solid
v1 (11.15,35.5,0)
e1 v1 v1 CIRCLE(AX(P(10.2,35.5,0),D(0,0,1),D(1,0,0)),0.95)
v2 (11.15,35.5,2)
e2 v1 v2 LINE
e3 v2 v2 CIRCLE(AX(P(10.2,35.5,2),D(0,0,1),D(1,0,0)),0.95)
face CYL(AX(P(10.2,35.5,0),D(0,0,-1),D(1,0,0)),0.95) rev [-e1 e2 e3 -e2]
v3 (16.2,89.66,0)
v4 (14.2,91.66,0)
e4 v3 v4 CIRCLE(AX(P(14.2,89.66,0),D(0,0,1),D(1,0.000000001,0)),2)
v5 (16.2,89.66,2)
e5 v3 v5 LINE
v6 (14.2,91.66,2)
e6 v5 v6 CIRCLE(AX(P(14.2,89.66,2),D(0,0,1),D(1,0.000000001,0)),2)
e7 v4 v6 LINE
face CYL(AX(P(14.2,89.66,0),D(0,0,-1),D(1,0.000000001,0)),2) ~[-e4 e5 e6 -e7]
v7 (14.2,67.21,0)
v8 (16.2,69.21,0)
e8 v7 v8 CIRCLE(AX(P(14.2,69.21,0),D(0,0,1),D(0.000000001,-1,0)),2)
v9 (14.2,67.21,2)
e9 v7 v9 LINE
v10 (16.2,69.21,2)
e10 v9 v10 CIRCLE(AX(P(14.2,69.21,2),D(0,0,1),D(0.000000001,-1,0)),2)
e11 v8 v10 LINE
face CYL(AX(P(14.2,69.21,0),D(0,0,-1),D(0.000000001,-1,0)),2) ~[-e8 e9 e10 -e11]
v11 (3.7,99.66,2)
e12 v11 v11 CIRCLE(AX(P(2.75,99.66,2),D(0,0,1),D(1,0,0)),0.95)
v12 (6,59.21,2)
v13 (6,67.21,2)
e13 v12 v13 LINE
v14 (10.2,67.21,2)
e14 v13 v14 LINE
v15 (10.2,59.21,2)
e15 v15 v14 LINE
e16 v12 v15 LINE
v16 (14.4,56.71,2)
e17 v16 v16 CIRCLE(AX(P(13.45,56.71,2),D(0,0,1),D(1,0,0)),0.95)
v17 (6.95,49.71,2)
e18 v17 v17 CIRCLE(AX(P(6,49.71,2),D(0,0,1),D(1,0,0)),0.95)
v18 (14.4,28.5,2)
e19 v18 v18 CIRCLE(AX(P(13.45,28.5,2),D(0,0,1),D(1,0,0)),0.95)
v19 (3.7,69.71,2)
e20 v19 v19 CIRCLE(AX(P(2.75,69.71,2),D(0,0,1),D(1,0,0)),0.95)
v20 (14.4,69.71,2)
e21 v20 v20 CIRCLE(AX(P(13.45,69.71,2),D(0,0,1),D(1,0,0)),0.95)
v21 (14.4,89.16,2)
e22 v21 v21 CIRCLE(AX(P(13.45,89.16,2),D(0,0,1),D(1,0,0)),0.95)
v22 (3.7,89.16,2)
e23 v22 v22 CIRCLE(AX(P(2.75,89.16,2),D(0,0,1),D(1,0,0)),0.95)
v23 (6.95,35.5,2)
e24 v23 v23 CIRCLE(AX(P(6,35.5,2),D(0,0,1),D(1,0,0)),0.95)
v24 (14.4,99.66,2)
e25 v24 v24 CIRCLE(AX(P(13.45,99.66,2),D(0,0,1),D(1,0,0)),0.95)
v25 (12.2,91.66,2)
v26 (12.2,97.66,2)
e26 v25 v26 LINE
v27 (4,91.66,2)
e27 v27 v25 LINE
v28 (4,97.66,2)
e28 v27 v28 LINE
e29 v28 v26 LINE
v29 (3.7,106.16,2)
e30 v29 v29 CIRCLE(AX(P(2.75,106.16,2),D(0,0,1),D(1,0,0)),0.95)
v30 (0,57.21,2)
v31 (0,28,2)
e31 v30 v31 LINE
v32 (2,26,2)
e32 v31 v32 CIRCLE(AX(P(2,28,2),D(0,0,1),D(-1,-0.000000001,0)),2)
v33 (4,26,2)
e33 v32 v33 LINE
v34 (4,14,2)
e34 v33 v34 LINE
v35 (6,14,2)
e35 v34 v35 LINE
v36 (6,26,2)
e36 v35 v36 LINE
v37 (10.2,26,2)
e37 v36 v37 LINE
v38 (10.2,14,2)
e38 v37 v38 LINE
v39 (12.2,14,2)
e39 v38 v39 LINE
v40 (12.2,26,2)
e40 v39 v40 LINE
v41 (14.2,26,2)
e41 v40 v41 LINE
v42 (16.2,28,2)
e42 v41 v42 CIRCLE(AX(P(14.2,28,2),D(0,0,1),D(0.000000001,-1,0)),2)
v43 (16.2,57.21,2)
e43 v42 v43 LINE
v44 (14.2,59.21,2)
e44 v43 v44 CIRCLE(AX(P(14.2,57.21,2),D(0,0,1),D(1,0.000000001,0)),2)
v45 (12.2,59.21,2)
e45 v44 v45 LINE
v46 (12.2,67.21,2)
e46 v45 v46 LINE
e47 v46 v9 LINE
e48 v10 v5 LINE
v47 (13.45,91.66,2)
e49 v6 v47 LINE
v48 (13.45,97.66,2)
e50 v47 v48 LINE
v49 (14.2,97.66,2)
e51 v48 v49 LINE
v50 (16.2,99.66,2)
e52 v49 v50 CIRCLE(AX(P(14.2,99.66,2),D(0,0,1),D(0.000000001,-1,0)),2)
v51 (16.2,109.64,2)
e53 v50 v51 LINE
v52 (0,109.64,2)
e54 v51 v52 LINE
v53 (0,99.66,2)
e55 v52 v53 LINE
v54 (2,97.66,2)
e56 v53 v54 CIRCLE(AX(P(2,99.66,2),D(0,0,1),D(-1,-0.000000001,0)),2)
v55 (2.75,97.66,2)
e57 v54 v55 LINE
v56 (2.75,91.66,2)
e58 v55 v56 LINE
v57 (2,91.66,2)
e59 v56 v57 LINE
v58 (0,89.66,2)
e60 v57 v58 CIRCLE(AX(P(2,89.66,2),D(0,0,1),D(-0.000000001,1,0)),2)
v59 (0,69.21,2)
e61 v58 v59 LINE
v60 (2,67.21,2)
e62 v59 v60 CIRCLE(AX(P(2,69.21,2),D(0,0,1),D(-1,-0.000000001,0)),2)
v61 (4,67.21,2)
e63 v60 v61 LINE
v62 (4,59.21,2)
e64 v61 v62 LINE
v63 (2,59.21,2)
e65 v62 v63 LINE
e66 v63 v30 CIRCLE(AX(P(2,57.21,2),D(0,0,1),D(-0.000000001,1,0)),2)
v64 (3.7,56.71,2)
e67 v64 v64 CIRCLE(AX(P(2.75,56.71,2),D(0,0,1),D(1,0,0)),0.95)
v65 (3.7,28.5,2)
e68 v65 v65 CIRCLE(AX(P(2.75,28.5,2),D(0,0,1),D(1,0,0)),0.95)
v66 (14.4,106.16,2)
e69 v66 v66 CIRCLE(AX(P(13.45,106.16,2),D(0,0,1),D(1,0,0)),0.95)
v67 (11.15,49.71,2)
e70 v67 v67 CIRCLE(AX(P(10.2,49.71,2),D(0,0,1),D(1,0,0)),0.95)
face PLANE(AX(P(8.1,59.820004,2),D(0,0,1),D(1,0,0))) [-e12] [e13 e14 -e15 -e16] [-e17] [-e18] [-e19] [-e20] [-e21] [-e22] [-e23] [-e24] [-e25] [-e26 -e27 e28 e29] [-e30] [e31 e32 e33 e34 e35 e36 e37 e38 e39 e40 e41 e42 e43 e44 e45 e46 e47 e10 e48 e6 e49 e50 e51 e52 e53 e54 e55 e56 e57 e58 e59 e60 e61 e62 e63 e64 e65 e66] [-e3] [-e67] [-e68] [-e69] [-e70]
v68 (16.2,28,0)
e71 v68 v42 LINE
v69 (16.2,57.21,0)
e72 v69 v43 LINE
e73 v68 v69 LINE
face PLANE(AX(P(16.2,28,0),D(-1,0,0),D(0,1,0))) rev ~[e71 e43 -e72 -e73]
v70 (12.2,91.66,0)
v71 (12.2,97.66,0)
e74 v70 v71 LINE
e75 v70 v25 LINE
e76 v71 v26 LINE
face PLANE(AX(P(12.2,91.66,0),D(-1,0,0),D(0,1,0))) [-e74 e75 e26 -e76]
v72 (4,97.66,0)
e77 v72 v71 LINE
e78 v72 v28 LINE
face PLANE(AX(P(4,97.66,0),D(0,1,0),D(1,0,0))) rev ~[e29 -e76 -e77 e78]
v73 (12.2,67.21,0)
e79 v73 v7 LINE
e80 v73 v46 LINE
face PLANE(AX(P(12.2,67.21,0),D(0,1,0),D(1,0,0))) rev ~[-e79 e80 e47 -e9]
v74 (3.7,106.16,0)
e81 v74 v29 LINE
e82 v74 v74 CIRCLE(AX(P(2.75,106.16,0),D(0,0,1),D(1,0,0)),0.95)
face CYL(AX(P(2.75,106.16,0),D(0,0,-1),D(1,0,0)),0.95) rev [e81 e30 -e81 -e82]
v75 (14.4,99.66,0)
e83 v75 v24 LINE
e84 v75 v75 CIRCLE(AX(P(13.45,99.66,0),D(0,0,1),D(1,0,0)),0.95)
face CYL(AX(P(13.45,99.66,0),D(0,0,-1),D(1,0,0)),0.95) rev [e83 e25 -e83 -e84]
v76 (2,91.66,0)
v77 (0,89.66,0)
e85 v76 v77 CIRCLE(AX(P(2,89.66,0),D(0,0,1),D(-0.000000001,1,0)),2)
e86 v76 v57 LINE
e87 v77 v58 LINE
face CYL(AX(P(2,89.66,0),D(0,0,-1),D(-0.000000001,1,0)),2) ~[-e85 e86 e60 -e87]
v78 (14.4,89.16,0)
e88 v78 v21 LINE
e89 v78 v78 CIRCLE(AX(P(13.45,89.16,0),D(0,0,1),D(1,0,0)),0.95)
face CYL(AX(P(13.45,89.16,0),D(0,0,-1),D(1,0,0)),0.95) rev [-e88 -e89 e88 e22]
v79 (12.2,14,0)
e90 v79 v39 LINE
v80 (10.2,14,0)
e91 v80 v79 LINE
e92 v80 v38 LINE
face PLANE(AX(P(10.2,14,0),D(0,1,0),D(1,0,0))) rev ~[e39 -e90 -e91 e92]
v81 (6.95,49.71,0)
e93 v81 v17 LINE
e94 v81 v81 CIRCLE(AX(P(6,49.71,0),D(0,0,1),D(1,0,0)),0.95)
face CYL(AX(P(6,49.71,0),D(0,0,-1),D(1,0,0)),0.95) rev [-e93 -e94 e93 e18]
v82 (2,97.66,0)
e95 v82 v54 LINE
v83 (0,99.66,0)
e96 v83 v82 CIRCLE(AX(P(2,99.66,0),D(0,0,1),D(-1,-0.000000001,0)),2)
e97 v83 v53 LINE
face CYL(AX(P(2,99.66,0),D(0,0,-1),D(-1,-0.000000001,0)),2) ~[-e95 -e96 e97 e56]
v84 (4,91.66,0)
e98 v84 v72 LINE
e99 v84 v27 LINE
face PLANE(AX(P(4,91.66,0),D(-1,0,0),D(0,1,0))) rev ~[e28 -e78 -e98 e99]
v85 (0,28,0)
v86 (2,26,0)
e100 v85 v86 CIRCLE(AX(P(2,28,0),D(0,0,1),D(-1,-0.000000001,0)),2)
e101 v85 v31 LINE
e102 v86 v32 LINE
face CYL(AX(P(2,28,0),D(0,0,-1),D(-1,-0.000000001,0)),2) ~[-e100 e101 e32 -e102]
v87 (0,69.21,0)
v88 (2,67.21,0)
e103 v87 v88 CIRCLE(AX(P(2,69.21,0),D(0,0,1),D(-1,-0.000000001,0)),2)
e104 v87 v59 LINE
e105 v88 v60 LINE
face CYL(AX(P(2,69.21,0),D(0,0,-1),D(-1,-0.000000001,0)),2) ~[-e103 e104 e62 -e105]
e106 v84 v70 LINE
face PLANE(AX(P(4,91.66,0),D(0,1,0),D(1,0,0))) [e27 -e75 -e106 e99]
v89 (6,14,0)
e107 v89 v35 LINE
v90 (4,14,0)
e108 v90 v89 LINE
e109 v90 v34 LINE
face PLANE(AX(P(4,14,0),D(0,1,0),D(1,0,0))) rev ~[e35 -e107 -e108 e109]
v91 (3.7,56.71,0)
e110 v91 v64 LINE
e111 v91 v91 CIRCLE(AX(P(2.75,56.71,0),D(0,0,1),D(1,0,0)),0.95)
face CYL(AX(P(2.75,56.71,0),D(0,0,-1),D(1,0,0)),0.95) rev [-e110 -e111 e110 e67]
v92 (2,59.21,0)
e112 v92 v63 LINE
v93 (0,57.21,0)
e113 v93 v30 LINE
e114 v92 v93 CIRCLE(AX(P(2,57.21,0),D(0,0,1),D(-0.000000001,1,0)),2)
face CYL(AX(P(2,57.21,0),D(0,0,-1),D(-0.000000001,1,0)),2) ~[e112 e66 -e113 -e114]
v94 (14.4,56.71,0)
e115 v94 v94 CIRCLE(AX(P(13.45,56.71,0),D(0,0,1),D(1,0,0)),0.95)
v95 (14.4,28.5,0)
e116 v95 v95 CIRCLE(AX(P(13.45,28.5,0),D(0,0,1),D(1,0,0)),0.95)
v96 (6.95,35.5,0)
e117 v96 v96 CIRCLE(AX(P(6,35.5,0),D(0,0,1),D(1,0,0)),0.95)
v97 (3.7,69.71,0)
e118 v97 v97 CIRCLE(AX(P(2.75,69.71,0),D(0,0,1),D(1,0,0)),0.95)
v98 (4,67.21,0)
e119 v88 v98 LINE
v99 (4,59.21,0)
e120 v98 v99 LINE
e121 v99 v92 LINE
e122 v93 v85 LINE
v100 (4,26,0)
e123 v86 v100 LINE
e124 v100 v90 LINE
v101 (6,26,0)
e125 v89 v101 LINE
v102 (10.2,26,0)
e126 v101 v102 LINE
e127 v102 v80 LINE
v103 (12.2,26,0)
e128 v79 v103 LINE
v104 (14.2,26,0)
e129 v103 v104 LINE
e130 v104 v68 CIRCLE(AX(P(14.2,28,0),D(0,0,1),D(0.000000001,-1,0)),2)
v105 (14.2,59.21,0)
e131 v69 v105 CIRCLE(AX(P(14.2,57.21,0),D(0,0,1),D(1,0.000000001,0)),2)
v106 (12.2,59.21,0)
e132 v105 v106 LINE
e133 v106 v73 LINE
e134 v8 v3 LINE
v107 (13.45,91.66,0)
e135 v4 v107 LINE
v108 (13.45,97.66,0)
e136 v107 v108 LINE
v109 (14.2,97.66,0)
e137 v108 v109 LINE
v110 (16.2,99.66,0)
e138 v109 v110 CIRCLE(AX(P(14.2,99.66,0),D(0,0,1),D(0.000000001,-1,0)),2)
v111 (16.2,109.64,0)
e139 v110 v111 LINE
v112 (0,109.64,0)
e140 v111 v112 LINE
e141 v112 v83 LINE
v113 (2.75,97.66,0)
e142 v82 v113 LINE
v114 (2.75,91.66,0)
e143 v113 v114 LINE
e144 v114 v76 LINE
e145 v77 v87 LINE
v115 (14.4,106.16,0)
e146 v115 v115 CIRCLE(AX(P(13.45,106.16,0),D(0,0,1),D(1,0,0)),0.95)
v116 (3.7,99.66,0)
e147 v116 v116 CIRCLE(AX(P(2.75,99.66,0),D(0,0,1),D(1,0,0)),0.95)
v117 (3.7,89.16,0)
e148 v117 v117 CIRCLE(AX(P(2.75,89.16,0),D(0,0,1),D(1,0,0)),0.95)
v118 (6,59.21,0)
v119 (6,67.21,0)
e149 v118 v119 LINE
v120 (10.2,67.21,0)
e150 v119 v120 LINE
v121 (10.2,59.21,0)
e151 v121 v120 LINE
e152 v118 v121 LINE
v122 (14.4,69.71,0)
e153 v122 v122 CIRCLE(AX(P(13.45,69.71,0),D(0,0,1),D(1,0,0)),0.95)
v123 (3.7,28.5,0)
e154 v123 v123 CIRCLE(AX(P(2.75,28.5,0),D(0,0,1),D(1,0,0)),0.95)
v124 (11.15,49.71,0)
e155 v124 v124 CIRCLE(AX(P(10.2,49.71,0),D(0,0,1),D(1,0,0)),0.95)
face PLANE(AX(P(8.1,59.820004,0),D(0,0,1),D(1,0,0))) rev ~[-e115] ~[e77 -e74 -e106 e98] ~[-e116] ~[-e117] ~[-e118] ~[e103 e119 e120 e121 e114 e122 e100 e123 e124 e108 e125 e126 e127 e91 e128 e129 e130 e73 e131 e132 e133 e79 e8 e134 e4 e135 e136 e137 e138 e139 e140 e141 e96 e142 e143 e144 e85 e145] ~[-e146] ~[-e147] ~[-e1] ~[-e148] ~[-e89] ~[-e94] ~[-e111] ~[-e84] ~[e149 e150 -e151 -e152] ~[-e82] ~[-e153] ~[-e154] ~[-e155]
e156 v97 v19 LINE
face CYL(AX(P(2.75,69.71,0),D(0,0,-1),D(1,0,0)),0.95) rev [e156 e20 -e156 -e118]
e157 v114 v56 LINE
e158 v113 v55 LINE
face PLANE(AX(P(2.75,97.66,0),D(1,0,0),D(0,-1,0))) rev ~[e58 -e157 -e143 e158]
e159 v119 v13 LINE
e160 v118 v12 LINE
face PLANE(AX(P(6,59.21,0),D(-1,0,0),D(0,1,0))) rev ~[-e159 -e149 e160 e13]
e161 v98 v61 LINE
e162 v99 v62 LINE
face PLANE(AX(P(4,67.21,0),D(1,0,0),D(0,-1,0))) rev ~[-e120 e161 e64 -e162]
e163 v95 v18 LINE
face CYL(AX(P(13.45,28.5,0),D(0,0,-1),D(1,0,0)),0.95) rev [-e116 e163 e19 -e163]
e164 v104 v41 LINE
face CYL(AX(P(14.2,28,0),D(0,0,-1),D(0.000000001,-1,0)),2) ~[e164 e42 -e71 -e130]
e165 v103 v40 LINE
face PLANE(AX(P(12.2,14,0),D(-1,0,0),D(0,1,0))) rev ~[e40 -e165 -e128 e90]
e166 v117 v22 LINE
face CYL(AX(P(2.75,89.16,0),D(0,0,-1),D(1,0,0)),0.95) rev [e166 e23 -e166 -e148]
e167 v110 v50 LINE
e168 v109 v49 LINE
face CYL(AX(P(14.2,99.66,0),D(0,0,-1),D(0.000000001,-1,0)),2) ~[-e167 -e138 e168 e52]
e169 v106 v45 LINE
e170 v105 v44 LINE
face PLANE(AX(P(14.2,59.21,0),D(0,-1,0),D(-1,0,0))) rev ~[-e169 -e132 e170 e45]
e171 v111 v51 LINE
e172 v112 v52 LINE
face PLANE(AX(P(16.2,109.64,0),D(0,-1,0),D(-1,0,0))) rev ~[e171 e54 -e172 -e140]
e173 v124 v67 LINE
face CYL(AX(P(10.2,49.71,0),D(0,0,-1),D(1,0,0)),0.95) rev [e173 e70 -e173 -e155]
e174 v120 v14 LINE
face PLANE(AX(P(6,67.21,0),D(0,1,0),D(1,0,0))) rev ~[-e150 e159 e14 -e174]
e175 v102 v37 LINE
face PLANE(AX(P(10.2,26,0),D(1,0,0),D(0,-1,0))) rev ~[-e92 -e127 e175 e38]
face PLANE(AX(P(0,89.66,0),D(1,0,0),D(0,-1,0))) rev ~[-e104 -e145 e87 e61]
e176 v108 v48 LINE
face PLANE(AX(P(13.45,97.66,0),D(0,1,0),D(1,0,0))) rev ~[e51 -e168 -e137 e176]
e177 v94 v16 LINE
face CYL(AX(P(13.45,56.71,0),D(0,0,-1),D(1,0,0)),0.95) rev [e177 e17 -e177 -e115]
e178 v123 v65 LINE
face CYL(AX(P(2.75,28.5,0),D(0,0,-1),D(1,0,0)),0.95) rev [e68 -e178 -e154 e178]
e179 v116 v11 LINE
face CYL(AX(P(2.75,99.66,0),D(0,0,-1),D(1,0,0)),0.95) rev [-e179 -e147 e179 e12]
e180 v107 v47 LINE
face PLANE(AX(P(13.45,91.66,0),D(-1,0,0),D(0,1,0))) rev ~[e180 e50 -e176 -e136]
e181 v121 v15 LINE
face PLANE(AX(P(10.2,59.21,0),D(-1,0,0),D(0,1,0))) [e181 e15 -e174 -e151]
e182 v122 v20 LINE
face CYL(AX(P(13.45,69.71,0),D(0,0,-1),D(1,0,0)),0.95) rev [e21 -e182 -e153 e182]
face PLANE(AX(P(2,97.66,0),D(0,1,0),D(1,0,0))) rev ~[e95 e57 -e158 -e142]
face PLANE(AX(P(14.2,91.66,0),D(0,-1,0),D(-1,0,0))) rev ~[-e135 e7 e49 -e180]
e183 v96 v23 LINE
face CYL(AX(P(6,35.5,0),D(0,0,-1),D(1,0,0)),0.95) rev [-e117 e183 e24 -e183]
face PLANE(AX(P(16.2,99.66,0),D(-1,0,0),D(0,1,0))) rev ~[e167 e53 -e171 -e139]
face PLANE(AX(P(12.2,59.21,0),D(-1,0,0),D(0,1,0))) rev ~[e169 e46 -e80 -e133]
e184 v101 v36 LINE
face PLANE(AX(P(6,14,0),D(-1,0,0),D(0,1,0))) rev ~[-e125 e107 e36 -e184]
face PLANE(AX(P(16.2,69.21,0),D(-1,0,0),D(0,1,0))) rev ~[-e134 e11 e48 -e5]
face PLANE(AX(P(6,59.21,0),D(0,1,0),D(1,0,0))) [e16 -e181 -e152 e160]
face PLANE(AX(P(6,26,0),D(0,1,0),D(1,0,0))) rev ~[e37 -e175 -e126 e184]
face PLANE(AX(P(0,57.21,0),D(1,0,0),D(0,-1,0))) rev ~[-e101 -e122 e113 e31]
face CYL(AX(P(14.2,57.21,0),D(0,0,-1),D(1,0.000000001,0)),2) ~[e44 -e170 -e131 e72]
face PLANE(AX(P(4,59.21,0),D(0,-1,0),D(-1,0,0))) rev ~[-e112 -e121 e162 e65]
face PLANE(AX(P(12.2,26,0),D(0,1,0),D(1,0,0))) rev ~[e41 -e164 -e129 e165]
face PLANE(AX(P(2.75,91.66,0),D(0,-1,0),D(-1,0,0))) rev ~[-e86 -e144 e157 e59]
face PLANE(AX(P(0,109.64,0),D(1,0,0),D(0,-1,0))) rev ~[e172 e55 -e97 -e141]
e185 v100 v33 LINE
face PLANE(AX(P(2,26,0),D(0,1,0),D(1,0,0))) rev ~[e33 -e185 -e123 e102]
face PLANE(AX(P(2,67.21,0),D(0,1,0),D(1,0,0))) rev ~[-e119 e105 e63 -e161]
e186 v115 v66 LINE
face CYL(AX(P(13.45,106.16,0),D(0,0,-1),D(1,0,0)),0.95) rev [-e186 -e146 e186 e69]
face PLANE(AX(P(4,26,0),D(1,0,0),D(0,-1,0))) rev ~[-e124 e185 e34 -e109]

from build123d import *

# Parameters (mm, degrees)
SKETCH1_R           = 0.95
SKETCH1_W           = 4.2
SKETCH1_H           = 8
SKETCH1_W_2         = 8.2
SKETCH1_H_2         = 6
BOSS_EXTRUDE1_DEPTH = 2


with BuildPart() as part:
    # Sketch1 → Boss-Extrude1 (new body)
    with BuildSketch(Plane.XY):
        with BuildLine():
            Line((16.2, 109.64), (0, 109.64))
            Line((0, 109.64), (0, 99.66))
            ThreePointArc((0, 99.66), (0.585786438, 98.245786438), (2, 97.66))
            Line((2, 97.66), (2.75, 97.66))
            Line((2.75, 97.66), (2.75, 91.66))
            Line((2.75, 91.66), (2, 91.66))
            ThreePointArc((2, 91.66), (0.585786438, 91.074213562), (0, 89.66))
            Line((0, 89.66), (0, 69.21))
            ThreePointArc((0, 69.21), (0.585786438, 67.795786438), (2, 67.21))
            Line((2, 67.21), (4, 67.21))
            Line((4, 67.21), (4, 59.21))
            Line((4, 59.21), (2, 59.21))
            ThreePointArc((2, 59.21), (0.585786438, 58.624213562), (0, 57.21))
            Line((0, 57.21), (0, 28))
            ThreePointArc((0, 28), (0.585786438, 26.585786438), (2, 26))
            Line((2, 26), (4, 26))
            Line((4, 26), (4, 14))
            Line((4, 14), (6, 14))
            Line((6, 14), (6, 26))
            Line((6, 26), (10.2, 26))
            Line((10.2, 26), (10.2, 14))
            Line((10.2, 14), (12.2, 14))
            Line((12.2, 14), (12.2, 26))
            Line((12.2, 26), (14.2, 26))
            ThreePointArc((14.2, 26), (15.614213562, 26.585786438), (16.2, 28))
            Line((16.2, 28), (16.2, 57.21))
            ThreePointArc((16.2, 57.21), (15.614213562, 58.624213562), (14.2, 59.21))
            Line((14.2, 59.21), (12.2, 59.21))
            Line((12.2, 59.21), (12.2, 67.21))
            Line((12.2, 67.21), (14.2, 67.21))
            ThreePointArc((14.2, 67.21), (15.614213562, 67.795786438), (16.2, 69.21))
            Line((16.2, 69.21), (16.2, 89.66))
            ThreePointArc((16.2, 89.66), (15.614213562, 91.074213562), (14.2, 91.66))
            Line((14.2, 91.66), (13.45, 91.66))
            Line((13.45, 91.66), (13.45, 97.66))
            Line((13.45, 97.66), (14.2, 97.66))
            ThreePointArc((14.2, 97.66), (15.614213562, 98.245786438), (16.2, 99.66))
            Line((16.2, 99.66), (16.2, 109.64))
        make_face()
        with Locations((13.45, 56.71)):
            Circle(SKETCH1_R, mode=Mode.SUBTRACT)
        with Locations((10.2, 49.71)):
            Circle(SKETCH1_R, mode=Mode.SUBTRACT)
        with Locations((13.45, 106.16)):
            Circle(SKETCH1_R, mode=Mode.SUBTRACT)
        with Locations((2.75, 99.66)):
            Circle(SKETCH1_R, mode=Mode.SUBTRACT)
        with Locations((6, 49.71)):
            Circle(SKETCH1_R, mode=Mode.SUBTRACT)
        with Locations((2.75, 28.5)):
            Circle(SKETCH1_R, mode=Mode.SUBTRACT)
        with Locations((2.75, 89.16)):
            Circle(SKETCH1_R, mode=Mode.SUBTRACT)
        with Locations((2.75, 56.71)):
            Circle(SKETCH1_R, mode=Mode.SUBTRACT)
        with Locations((13.45, 89.16)):
            Circle(SKETCH1_R, mode=Mode.SUBTRACT)
        with Locations((13.45, 99.66)):
            Circle(SKETCH1_R, mode=Mode.SUBTRACT)
        with Locations((13.45, 69.71)):
            Circle(SKETCH1_R, mode=Mode.SUBTRACT)
        with Locations((6, 35.5)):
            Circle(SKETCH1_R, mode=Mode.SUBTRACT)
        with Locations((2.75, 106.16)):
            Circle(SKETCH1_R, mode=Mode.SUBTRACT)
        with Locations((10.2, 35.5)):
            Circle(SKETCH1_R, mode=Mode.SUBTRACT)
        with Locations((2.75, 69.71)):
            Circle(SKETCH1_R, mode=Mode.SUBTRACT)
        with Locations((13.45, 28.5)):
            Circle(SKETCH1_R, mode=Mode.SUBTRACT)
        with Locations((8.1, 63.21)):
            Rectangle(SKETCH1_W, SKETCH1_H, mode=Mode.SUBTRACT)
        with Locations((8.1, 94.66)):
            Rectangle(SKETCH1_W_2, SKETCH1_H_2, mode=Mode.SUBTRACT)
    extrude(amount=BOSS_EXTRUDE1_DEPTH)


solid = part.part
